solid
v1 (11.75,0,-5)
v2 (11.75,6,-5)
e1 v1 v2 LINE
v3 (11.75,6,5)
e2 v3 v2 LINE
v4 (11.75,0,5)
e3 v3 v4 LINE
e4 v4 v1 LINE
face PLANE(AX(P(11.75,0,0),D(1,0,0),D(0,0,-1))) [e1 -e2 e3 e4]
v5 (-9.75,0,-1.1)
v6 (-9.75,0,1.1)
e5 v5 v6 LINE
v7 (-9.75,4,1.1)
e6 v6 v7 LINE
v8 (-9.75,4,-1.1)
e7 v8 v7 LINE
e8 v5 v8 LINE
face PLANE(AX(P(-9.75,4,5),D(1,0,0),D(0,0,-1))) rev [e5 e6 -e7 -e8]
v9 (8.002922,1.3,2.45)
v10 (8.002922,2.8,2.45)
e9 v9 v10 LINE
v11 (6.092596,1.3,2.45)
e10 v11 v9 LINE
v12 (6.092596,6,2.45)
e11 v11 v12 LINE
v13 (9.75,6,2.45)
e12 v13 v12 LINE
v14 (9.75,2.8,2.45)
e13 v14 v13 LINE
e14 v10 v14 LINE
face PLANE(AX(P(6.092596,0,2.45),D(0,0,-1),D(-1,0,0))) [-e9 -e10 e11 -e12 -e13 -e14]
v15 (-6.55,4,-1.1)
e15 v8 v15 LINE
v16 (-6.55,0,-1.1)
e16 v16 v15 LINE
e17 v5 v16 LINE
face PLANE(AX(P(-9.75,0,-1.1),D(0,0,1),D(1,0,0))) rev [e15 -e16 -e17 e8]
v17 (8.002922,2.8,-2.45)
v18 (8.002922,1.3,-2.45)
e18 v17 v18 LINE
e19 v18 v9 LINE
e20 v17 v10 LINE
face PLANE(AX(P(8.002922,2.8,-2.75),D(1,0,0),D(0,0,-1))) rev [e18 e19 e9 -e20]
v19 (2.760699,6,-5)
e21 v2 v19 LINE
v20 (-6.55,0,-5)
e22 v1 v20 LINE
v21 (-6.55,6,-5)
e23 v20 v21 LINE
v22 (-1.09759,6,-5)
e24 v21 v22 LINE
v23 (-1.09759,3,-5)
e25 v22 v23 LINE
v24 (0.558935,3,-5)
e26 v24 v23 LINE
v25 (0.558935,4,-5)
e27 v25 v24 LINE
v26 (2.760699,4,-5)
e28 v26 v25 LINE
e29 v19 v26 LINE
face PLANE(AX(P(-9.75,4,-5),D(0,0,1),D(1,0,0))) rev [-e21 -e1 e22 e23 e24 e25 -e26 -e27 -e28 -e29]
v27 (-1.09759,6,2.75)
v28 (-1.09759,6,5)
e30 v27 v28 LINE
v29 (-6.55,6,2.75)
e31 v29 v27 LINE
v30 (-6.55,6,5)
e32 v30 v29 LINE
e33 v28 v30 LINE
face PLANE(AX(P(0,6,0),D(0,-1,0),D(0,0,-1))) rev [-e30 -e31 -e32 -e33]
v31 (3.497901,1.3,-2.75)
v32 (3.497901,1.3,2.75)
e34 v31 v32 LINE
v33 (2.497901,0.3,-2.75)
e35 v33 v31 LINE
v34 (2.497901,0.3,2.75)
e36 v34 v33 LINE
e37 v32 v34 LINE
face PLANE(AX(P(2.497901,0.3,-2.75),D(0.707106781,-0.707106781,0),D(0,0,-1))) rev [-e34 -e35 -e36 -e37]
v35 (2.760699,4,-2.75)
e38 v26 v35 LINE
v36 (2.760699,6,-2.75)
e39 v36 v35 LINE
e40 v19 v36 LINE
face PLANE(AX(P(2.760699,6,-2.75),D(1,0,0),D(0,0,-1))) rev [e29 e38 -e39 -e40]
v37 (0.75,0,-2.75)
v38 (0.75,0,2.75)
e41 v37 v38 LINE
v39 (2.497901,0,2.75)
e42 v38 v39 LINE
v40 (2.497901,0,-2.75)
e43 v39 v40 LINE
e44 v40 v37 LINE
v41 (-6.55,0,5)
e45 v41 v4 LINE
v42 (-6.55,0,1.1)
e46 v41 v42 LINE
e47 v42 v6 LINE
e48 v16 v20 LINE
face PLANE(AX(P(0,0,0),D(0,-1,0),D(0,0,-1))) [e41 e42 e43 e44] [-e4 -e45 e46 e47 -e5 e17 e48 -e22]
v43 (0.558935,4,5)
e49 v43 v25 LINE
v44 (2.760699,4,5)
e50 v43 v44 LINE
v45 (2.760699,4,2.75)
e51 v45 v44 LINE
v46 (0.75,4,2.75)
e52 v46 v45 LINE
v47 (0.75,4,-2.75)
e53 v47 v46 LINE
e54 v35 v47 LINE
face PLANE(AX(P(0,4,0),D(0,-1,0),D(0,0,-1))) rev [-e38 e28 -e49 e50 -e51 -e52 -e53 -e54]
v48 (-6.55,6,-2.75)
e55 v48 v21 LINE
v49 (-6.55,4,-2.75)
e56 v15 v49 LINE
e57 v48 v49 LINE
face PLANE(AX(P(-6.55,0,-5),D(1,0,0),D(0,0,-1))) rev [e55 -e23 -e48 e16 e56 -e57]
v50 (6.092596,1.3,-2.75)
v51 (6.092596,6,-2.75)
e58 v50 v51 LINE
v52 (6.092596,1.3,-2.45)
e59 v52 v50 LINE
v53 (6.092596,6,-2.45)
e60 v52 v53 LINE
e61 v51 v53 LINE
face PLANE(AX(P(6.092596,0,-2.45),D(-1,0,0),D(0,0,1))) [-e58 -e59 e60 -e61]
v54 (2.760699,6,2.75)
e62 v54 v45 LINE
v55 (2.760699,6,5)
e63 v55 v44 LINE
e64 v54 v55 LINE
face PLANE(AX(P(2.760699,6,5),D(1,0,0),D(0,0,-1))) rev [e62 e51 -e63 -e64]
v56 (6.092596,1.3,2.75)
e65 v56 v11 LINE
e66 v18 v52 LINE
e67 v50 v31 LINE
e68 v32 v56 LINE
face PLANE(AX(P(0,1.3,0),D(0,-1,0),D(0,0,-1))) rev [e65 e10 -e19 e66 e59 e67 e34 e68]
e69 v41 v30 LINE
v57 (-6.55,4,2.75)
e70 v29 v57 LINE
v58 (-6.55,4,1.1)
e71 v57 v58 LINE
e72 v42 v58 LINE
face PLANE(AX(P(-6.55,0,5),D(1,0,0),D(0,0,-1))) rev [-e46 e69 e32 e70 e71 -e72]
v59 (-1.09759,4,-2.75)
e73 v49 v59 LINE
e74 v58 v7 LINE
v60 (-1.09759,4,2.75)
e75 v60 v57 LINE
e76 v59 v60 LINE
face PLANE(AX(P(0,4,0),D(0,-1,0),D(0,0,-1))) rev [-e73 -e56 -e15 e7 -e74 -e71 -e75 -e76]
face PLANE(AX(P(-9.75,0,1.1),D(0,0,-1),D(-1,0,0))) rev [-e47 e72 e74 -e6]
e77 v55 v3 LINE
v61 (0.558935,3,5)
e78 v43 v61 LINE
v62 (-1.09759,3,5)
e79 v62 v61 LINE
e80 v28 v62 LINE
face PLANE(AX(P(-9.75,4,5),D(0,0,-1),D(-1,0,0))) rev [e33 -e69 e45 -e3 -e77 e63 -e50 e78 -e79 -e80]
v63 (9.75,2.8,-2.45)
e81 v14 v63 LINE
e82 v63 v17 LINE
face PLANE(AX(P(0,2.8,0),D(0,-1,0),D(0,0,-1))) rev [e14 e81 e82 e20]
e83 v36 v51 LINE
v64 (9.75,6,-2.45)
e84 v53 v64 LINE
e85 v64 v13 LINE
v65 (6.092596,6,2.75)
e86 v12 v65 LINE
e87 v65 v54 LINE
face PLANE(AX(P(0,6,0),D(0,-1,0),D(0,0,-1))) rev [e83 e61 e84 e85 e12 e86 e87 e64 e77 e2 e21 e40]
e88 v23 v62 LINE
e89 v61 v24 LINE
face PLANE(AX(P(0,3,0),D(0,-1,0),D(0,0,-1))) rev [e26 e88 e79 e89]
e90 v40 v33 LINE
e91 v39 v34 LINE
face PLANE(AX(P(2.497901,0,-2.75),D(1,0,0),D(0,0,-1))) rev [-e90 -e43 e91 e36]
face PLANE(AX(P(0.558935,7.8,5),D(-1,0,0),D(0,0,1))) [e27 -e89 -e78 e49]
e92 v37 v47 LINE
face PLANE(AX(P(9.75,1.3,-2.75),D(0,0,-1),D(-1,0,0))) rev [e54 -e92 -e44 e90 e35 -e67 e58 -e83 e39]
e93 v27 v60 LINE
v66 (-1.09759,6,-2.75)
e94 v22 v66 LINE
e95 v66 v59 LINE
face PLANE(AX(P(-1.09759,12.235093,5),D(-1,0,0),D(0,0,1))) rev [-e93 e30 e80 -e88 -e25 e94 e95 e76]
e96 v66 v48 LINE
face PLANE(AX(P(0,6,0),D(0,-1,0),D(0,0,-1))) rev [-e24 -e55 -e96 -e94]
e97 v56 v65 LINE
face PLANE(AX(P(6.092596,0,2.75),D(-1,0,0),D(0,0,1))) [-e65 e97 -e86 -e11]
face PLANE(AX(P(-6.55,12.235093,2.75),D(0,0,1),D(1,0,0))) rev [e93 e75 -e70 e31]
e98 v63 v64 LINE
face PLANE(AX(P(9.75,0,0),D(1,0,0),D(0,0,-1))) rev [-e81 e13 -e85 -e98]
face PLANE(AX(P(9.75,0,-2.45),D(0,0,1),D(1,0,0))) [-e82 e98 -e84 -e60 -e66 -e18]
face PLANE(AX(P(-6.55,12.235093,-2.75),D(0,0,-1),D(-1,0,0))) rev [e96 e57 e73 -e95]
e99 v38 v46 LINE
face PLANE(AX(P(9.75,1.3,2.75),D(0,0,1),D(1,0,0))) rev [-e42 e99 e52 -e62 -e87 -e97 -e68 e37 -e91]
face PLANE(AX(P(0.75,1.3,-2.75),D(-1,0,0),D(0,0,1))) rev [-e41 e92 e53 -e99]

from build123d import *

# Parameters (mm, degrees)
SKETCH1_W               = 19.5
SKETCH1_H               = 10
BOSS_EXTRUDE1_DEPTH     = 4
SKETCH2_W               = 9
SKETCH2_H               = 5.5
CUT_EXTRUDE1_DEPTH      = 2.7
SKETCH3_W               = 3.2
SKETCH3_H               = 3.9
CUT_EXTRUDE2_DEPTH      = 12.664583147
SKETCH4_W               = 1.747901038
SKETCH4_H               = 5.5
CUT_EXTRUDE3_DEPTH      = 12.285056491
CHAMFER2_SIZE           = 1
SKETCH5_W               = 10
SKETCH5_H               = 4
BOSS_EXTRUDE2_DEPTH     = 2
SKETCH6_W               = 1.747077863
SKETCH6_H               = 5.5
BOSS_EXTRUDE3_DEPTH     = 1.5
BOSS_EXTRUDE4_DEPTH     = 2
BOSS_EXTRUDE5_REACH     = 16.109
SKETCH9_W               = 3.657403566
SKETCH9_H               = 0.3
SKETCH10_W              = 5.81497097
SKETCH10_H              = 2.25
SKETCH10_W_2            = 5.452409629
BOSS_EXTRUDE6_DEPTH     = 2
CUT_EXTRUDE4_DEPTH      = 3.8
CUT_EXTRUDE4_DEPTH_BACK = 1
SKETCH12_W              = 1.656525066
SKETCH12_H              = 10


with BuildPart() as part:
    # Sketch1 → Boss-Extrude1 (new body)
    with BuildSketch(Plane(origin=(0, 0, 0), x_dir=(1, 0, 0), z_dir=(0, 1, 0))):
        Rectangle(SKETCH1_W, SKETCH1_H)
    extrude(amount=BOSS_EXTRUDE1_DEPTH)

    # Sketch2 → Cut-Extrude1 (cut)
    with BuildSketch(Plane(origin=(0, 4, 0), x_dir=(1, 0, 0), z_dir=(0, 1, 0))):
        with Locations((5.25, 0)):
            Rectangle(SKETCH2_W, SKETCH2_H)
    extrude(amount=-CUT_EXTRUDE1_DEPTH, mode=Mode.SUBTRACT)

    # Sketch3 → Cut-Extrude2 (cut, through all)
    with BuildSketch(Plane(origin=(0, 4, 0), x_dir=(1, 0, 0), z_dir=(0, 1, 0))):
        with Locations((-8.15, 3.05)):
            Rectangle(SKETCH3_W, SKETCH3_H)
        with Locations((-8.15, -3.05)):
            Rectangle(SKETCH3_W, SKETCH3_H)
    extrude(amount=-CUT_EXTRUDE2_DEPTH, mode=Mode.SUBTRACT)

    # Sketch4 → Cut-Extrude3 (cut, through all)
    with BuildSketch(Plane(origin=(0, 1.3, 0), x_dir=(1, 0, 0), z_dir=(0, 1, 0))):
        with Locations((1.623950519, 0)):
            Rectangle(SKETCH4_W, SKETCH4_H)
    extrude(amount=-CUT_EXTRUDE3_DEPTH, mode=Mode.SUBTRACT)

    # Chamfer2
    chamfer2_edges = [part.edges().sort_by_distance(p)[0] for p in [
        (2.497901038, 1.3, 0),
    ]]
    chamfer(chamfer2_edges, length=CHAMFER2_SIZE)

    # Sketch5 → Boss-Extrude2 (add)
    with BuildSketch(Plane(origin=(9.75, 0, 0), x_dir=(0, 0, -1), z_dir=(1, 0, 0))):
        with Locations((0, 2)):
            Rectangle(SKETCH5_W, SKETCH5_H)
    extrude(amount=BOSS_EXTRUDE2_DEPTH)

    # Sketch6 → Boss-Extrude3 (add)
    with BuildSketch(Plane(origin=(0, 1.3, 0), x_dir=(1, 0, 0), z_dir=(0, 1, 0))):
        with Locations((8.876461068, 0)):
            Rectangle(SKETCH6_W, SKETCH6_H)
    extrude(amount=BOSS_EXTRUDE3_DEPTH)

    # Sketch7 → Boss-Extrude4 (add)
    with BuildSketch(Plane(origin=(0, 4, 0), x_dir=(1, 0, 0), z_dir=(0, 1, 0))):
        Polygon((2.760699465, 2.75), (2.760699465, 5), (11.75, 5), (11.75, -5), (2.760699465, -5), (2.760699465, -2.75), (9.75, -2.75), (9.75, 2.75), align=None)
    extrude(amount=BOSS_EXTRUDE4_DEPTH)

    # Sketch9 → Boss-Extrude5 (add, up to next)
    with BuildSketch(Plane(origin=(0, 6, 0), x_dir=(1, 0, 0), z_dir=(0, 1, 0)), mode=Mode.PRIVATE) as boss_extrude5_sk1:
        with Locations((7.921298217, 2.6)):
            Rectangle(SKETCH9_W, SKETCH9_H)
    boss_extrude5_tool1 = extrude(boss_extrude5_sk1.sketch, amount=-BOSS_EXTRUDE5_REACH, mode=Mode.PRIVATE) - part.part
    # Sketch9 → Boss-Extrude5 (add, up to next)
    with BuildSketch(Plane(origin=(0, 6, 0), x_dir=(1, 0, 0), z_dir=(0, 1, 0)), mode=Mode.PRIVATE) as boss_extrude5_sk2:
        with Locations((7.921298217, -2.6)):
            Rectangle(SKETCH9_W, SKETCH9_H)
    boss_extrude5_tool2 = extrude(boss_extrude5_sk2.sketch, amount=-BOSS_EXTRUDE5_REACH, mode=Mode.PRIVATE) - part.part
    add(boss_extrude5_tool1.solids().sort_by_distance((7.921298, 6, -2.6))[0])
    add(boss_extrude5_tool2.solids().sort_by_distance((7.921298, 6, 2.6))[0])

    # Sketch10 → Boss-Extrude6 (add)
    with BuildSketch(Plane(origin=(0, 4, 0), x_dir=(1, 0, 0), z_dir=(0, 1, 0))):
        with Locations((-3.642514515, 3.875)):
            Rectangle(SKETCH10_W, SKETCH10_H)
        with Locations((-3.823795186, -3.875)):
            Rectangle(SKETCH10_W_2, SKETCH10_H)
    extrude(amount=BOSS_EXTRUDE6_DEPTH)

    # Sketch12 → Cut-Extrude4 (cut, two sides: drawn at the far end of the back side and taken through both)
    with BuildSketch(Plane(origin=(0, 4, 0), x_dir=(1, 0, 0), z_dir=(0, 1, 0)).offset(-CUT_EXTRUDE4_DEPTH_BACK)):
        with Locations((-0.269327838, 0)):
            Rectangle(SKETCH12_W, SKETCH12_H)
    extrude(amount=CUT_EXTRUDE4_DEPTH + CUT_EXTRUDE4_DEPTH_BACK, mode=Mode.SUBTRACT)


solid = part.part
